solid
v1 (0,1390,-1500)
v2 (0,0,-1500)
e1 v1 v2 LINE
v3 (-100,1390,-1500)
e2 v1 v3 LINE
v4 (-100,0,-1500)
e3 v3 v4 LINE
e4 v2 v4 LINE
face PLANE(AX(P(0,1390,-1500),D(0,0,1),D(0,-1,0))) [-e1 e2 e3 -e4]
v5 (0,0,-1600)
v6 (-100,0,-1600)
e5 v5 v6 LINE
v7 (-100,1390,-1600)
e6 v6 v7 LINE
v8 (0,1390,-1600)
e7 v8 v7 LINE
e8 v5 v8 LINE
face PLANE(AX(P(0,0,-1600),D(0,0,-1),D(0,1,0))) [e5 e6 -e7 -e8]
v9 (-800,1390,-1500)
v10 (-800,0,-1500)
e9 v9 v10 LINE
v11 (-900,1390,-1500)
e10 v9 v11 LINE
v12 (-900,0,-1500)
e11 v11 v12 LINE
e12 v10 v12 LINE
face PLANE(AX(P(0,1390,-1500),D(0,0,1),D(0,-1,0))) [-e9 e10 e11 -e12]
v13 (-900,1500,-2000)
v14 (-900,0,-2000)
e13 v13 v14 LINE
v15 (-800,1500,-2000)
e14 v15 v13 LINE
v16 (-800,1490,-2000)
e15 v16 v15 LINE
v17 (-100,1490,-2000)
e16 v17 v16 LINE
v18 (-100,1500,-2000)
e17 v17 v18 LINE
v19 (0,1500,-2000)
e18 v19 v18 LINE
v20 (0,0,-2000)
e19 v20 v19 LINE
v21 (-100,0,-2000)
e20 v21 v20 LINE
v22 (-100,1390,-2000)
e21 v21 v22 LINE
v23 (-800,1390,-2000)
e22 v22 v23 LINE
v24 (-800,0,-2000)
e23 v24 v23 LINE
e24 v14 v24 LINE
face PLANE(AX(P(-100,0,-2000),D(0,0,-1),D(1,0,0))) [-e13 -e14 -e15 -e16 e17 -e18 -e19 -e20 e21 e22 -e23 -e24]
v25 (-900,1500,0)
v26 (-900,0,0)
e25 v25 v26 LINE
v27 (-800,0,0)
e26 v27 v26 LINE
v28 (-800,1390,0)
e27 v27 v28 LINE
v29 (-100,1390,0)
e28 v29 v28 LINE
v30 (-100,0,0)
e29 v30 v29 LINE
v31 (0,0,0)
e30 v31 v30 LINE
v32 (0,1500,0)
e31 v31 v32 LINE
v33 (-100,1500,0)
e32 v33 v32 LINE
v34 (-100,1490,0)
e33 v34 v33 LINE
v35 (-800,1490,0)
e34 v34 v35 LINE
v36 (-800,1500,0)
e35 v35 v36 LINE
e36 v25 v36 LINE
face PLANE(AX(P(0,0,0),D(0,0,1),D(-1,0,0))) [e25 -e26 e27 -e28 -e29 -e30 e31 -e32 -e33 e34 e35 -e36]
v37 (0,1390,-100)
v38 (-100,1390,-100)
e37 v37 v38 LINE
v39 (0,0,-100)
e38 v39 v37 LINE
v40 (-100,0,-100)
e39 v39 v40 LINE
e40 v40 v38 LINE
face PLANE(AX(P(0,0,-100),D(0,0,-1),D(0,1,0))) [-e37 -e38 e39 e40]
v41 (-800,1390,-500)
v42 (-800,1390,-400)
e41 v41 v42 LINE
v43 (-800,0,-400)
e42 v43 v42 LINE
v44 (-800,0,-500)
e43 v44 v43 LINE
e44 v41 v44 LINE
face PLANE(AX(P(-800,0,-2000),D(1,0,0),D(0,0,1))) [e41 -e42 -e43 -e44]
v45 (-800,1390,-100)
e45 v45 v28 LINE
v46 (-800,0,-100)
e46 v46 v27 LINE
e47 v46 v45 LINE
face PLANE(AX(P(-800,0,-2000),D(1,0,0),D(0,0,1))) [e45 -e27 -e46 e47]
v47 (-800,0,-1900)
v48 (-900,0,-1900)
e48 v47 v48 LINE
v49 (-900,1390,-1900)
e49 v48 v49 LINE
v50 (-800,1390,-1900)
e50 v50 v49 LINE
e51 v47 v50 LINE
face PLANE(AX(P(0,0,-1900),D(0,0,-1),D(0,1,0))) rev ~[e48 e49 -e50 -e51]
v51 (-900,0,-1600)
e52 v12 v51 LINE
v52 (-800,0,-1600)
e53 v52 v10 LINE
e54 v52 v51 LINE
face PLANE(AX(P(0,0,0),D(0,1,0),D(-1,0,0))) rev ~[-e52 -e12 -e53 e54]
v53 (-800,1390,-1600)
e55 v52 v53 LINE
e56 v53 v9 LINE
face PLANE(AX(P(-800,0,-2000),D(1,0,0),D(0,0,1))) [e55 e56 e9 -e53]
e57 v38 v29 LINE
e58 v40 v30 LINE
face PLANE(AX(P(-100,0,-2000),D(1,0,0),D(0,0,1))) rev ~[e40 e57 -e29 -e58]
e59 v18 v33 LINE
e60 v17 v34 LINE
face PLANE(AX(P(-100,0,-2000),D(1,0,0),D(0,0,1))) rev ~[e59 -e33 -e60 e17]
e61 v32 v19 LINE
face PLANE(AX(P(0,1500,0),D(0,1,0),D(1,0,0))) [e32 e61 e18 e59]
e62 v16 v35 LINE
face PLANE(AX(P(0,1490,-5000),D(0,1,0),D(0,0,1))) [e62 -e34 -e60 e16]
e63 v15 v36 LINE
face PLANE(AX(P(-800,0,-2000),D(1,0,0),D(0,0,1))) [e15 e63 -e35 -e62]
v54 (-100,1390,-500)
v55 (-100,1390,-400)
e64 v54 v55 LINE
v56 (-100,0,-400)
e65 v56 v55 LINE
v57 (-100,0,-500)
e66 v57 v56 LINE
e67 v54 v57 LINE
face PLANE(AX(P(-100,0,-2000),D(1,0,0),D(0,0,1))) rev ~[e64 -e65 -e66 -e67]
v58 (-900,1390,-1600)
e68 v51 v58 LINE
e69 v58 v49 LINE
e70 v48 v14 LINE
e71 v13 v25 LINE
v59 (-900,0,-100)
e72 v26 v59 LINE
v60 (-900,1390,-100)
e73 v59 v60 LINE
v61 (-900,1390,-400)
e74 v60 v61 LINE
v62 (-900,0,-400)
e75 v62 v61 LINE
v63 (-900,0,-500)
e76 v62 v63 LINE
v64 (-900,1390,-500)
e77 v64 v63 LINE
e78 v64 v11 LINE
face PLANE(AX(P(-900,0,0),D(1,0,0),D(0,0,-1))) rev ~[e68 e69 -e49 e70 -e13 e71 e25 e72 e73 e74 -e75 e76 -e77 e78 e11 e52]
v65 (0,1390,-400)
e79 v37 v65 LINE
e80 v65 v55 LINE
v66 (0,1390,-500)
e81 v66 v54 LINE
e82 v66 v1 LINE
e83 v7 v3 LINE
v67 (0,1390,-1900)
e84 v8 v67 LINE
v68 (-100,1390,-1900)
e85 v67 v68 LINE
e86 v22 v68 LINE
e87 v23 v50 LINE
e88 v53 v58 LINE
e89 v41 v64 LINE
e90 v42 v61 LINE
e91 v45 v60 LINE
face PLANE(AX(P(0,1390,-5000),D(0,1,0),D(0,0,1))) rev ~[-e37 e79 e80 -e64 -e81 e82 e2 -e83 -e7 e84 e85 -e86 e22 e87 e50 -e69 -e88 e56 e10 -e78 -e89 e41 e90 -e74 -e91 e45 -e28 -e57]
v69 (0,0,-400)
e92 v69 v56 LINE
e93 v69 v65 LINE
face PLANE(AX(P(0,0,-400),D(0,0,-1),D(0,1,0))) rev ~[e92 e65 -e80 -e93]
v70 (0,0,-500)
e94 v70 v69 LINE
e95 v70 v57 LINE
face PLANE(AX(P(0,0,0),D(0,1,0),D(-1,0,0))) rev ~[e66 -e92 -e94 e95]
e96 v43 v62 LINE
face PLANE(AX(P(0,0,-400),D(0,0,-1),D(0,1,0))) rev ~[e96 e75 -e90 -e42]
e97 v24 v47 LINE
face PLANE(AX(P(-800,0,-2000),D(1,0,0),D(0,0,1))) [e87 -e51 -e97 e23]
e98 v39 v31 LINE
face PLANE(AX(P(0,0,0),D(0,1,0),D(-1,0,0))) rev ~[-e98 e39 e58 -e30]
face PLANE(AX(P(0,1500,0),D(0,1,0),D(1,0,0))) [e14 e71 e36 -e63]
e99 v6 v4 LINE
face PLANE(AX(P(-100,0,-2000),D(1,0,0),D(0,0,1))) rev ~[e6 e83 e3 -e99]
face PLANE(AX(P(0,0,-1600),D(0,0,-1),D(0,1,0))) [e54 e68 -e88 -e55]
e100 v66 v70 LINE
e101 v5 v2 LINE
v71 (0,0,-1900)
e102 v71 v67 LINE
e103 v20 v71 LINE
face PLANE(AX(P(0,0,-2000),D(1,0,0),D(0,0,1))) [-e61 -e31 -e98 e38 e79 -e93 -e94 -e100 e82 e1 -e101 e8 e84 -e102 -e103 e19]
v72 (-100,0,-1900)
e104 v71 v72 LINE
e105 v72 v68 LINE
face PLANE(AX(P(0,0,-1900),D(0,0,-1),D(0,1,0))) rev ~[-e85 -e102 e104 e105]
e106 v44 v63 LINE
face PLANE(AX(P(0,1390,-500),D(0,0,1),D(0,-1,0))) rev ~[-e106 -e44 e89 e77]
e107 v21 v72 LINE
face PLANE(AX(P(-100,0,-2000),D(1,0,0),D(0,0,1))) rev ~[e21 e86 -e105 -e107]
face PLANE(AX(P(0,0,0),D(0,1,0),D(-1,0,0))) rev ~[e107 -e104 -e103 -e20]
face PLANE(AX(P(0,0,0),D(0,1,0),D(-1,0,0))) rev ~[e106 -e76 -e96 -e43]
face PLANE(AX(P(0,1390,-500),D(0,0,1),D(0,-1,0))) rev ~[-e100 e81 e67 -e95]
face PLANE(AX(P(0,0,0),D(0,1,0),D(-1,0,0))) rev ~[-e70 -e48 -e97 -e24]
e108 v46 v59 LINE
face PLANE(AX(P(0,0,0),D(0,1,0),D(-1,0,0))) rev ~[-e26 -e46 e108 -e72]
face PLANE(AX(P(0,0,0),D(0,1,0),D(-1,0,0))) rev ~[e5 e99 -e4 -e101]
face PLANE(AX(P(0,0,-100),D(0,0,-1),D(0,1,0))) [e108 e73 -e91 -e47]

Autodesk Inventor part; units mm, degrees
ref_plane "YZ Plane" through (0, 0, 0) normal (1, 0, 0) x (0, 1, 0)
ref_plane "XZ Plane" through (0, 0, 0) normal (0, 1, 0) x (-1, 0, 0)
ref_plane "XY Plane" through (0, 0, 0) normal (0, 0, 1) x (1, 0, 0)
sketch "Sketch9" plane through (0, 0, 0) normal (0, 1, 0) x (-1, 0, 0)
  line L0 (0, 0) -> (900, 0)
  line L1 (900, 0) -> (900, -2000)
  line L2 (900, -2000) -> (0, -2000)
  line L3 (0, -2000) -> (0, 0)
  line L4 (900, -2000) -> (800, -2000)
  line L5 (800, -2000) -> (800, 3000)
  line L6 (800, 3000) -> (900, 3000)
  line L7 (900, 3000) -> (900, -2000)
  line L8 (0, -2000) -> (100, -2000)
  line L9 (100, -2000) -> (100, 0)
  line L10 (100, 0) -> (0, 0)
  line L11 (0, 0) -> (0, -2000)
  point P0 (100, -2000)
  point P1 (800, 0)
  dimension "d70" = 900
  dimension "d71" = 100
  dimension "d72" = 100
  dimension "d106" = 2000
extrude "Extrusion6" add sketch "Sketch9" along normal blind 1790 contours L0 L9 L2 L3 | L0 L1 L2 L5
sketch "Sketch10" plane through (0, 0, 0) normal (1, 0, 0) x (0, 0, -1)
  line L0 (0, 0) -> (0, 1790) projected
  line L1 (0, 1790) -> (5000, 1790)
  line L2 (5000, 1790) -> (5000, 1290)
  line L3 (5000, 1290) -> (0, 1290)
  line L4 (0, 1290) -> (0, 1790)
  line L5 (0, 1790) -> (5000, 1790)
  line L6 (5000, 1790) -> (5000, 1390)
  line L7 (5000, 1390) -> (0, 1390)
  line L8 (0, 1390) -> (0, 1790)
  line L9 (0, 1790) -> (5000, 1790)
  line L10 (5000, 1790) -> (5000, 1490)
  line L11 (5000, 1490) -> (0, 1490)
  line L12 (0, 1490) -> (0, 1790)
  line L13 (2000, 0) -> (0, 0) projected
  line L14 (0, 0) -> (500, 0)
  line L15 (500, 0) -> (500, 600)
  line L16 (500, 600) -> (0, 600)
  line L17 (0, 600) -> (0, 0)
  line L18 (2000, 0) -> (1500, 0)
  line L19 (1500, 0) -> (1500, 600)
  line L20 (1500, 600) -> (2000, 600)
  line L21 (2000, 600) -> (2000, 0)
  point P0 (5000, 1490)
  point P1 (0, 1490)
  point P2 (0, 1390)
  dimension "d83" = 500
  dimension "d84" = 500
  dimension "d85" = 600
  dimension "d86" = 600
extrude "Extrusion7" add sketch "Sketch10" against normal blind 900 contours L0 L11 L2 L7
sketch "Sketch13" plane through (0, 1790, 0) normal (0, 1, 0) x (1, 0, 0)
  line L0 (-900, 2000) -> (-900, 0) projected
  line L1 (0, 0) -> (0, 2000) projected
  line L2 (-900, 0) -> (0, 0)
  line L3 (0, 0) -> (0, 2000)
  line L4 (0, 2000) -> (-900, 2000)
  line L5 (-900, 2000) -> (-900, 0)
  point P0 (0, 4500)
extrude "Extrusion9" cut sketch "Sketch13" against normal blind 290
sketch "Boceto15" plane through (0, 1490, -2000) normal (0, 1, 0) x (1, 0, 0)
  line L0 (-900, 0) -> (-900, 3000) projected
  line L1 (0, 0) -> (-100, 0) projected
  line L2 (-900, 3000) -> (0, 3000)
  line L3 (0, 3000) -> (0, 0)
  line L4 (0, 0) -> (-900, 0)
  line L5 (-900, 0) -> (-900, 3000)
  point P0 (0, -2000)
  point P1 (-900, 0)
  point P2 (-100, 0)
extrude "Extrusión11" cut sketch "Boceto15" against normal blind 1500
sketch "Boceto16" plane through (0, 0, 0) normal (1, 0, 0) x (0, 0, -1)
  line L0 (0, 0) -> (500, 0)
  line L1 (2000, 0) -> (0, 0) projected
  line L2 (2000, 0) -> (1500, 0)
  line L3 (0, 1390) -> (2000, 1390) projected
  line L4 (500, 0) -> (400, 0)
  line L5 (400, 0) -> (400, 1390)
  line L6 (400, 1390) -> (500, 1390)
  line L7 (500, 1390) -> (500, 0)
  line L8 (0, 0) -> (100, 0)
  line L9 (100, 0) -> (100, 1390)
  line L10 (100, 1390) -> (0, 1390)
  line L11 (0, 1390) -> (0, 0)
  line L12 (2000, 0) -> (1900, 0)
  line L13 (1900, 0) -> (1900, 1390)
  line L14 (1900, 1390) -> (2000, 1390)
  line L15 (2000, 1390) -> (2000, 0)
  line L16 (1500, 0) -> (1600, 0)
  line L17 (1600, 0) -> (1600, 1390)
  line L18 (1600, 1390) -> (1500, 1390)
  line L19 (1500, 1390) -> (1500, 0)
  point P0 (1600, 1390)
  point P1 (1900, 1390)
  point P2 (1500, 1390)
  dimension "d110" = 500
  dimension "d111" = 500
  dimension "d112" = 100
  dimension "d113" = 100
  dimension "d114" = 100
  dimension "d115" = 100
extrude "Extrusión12" cut sketch "Boceto16" against normal blind 1500 contours L9 L3 L5 L0 | L7 L3 L19 L1 | L17 L3 L13 L1
properties part number "B_Transportadora_Recta_5m" material "Aluminum 6061"
